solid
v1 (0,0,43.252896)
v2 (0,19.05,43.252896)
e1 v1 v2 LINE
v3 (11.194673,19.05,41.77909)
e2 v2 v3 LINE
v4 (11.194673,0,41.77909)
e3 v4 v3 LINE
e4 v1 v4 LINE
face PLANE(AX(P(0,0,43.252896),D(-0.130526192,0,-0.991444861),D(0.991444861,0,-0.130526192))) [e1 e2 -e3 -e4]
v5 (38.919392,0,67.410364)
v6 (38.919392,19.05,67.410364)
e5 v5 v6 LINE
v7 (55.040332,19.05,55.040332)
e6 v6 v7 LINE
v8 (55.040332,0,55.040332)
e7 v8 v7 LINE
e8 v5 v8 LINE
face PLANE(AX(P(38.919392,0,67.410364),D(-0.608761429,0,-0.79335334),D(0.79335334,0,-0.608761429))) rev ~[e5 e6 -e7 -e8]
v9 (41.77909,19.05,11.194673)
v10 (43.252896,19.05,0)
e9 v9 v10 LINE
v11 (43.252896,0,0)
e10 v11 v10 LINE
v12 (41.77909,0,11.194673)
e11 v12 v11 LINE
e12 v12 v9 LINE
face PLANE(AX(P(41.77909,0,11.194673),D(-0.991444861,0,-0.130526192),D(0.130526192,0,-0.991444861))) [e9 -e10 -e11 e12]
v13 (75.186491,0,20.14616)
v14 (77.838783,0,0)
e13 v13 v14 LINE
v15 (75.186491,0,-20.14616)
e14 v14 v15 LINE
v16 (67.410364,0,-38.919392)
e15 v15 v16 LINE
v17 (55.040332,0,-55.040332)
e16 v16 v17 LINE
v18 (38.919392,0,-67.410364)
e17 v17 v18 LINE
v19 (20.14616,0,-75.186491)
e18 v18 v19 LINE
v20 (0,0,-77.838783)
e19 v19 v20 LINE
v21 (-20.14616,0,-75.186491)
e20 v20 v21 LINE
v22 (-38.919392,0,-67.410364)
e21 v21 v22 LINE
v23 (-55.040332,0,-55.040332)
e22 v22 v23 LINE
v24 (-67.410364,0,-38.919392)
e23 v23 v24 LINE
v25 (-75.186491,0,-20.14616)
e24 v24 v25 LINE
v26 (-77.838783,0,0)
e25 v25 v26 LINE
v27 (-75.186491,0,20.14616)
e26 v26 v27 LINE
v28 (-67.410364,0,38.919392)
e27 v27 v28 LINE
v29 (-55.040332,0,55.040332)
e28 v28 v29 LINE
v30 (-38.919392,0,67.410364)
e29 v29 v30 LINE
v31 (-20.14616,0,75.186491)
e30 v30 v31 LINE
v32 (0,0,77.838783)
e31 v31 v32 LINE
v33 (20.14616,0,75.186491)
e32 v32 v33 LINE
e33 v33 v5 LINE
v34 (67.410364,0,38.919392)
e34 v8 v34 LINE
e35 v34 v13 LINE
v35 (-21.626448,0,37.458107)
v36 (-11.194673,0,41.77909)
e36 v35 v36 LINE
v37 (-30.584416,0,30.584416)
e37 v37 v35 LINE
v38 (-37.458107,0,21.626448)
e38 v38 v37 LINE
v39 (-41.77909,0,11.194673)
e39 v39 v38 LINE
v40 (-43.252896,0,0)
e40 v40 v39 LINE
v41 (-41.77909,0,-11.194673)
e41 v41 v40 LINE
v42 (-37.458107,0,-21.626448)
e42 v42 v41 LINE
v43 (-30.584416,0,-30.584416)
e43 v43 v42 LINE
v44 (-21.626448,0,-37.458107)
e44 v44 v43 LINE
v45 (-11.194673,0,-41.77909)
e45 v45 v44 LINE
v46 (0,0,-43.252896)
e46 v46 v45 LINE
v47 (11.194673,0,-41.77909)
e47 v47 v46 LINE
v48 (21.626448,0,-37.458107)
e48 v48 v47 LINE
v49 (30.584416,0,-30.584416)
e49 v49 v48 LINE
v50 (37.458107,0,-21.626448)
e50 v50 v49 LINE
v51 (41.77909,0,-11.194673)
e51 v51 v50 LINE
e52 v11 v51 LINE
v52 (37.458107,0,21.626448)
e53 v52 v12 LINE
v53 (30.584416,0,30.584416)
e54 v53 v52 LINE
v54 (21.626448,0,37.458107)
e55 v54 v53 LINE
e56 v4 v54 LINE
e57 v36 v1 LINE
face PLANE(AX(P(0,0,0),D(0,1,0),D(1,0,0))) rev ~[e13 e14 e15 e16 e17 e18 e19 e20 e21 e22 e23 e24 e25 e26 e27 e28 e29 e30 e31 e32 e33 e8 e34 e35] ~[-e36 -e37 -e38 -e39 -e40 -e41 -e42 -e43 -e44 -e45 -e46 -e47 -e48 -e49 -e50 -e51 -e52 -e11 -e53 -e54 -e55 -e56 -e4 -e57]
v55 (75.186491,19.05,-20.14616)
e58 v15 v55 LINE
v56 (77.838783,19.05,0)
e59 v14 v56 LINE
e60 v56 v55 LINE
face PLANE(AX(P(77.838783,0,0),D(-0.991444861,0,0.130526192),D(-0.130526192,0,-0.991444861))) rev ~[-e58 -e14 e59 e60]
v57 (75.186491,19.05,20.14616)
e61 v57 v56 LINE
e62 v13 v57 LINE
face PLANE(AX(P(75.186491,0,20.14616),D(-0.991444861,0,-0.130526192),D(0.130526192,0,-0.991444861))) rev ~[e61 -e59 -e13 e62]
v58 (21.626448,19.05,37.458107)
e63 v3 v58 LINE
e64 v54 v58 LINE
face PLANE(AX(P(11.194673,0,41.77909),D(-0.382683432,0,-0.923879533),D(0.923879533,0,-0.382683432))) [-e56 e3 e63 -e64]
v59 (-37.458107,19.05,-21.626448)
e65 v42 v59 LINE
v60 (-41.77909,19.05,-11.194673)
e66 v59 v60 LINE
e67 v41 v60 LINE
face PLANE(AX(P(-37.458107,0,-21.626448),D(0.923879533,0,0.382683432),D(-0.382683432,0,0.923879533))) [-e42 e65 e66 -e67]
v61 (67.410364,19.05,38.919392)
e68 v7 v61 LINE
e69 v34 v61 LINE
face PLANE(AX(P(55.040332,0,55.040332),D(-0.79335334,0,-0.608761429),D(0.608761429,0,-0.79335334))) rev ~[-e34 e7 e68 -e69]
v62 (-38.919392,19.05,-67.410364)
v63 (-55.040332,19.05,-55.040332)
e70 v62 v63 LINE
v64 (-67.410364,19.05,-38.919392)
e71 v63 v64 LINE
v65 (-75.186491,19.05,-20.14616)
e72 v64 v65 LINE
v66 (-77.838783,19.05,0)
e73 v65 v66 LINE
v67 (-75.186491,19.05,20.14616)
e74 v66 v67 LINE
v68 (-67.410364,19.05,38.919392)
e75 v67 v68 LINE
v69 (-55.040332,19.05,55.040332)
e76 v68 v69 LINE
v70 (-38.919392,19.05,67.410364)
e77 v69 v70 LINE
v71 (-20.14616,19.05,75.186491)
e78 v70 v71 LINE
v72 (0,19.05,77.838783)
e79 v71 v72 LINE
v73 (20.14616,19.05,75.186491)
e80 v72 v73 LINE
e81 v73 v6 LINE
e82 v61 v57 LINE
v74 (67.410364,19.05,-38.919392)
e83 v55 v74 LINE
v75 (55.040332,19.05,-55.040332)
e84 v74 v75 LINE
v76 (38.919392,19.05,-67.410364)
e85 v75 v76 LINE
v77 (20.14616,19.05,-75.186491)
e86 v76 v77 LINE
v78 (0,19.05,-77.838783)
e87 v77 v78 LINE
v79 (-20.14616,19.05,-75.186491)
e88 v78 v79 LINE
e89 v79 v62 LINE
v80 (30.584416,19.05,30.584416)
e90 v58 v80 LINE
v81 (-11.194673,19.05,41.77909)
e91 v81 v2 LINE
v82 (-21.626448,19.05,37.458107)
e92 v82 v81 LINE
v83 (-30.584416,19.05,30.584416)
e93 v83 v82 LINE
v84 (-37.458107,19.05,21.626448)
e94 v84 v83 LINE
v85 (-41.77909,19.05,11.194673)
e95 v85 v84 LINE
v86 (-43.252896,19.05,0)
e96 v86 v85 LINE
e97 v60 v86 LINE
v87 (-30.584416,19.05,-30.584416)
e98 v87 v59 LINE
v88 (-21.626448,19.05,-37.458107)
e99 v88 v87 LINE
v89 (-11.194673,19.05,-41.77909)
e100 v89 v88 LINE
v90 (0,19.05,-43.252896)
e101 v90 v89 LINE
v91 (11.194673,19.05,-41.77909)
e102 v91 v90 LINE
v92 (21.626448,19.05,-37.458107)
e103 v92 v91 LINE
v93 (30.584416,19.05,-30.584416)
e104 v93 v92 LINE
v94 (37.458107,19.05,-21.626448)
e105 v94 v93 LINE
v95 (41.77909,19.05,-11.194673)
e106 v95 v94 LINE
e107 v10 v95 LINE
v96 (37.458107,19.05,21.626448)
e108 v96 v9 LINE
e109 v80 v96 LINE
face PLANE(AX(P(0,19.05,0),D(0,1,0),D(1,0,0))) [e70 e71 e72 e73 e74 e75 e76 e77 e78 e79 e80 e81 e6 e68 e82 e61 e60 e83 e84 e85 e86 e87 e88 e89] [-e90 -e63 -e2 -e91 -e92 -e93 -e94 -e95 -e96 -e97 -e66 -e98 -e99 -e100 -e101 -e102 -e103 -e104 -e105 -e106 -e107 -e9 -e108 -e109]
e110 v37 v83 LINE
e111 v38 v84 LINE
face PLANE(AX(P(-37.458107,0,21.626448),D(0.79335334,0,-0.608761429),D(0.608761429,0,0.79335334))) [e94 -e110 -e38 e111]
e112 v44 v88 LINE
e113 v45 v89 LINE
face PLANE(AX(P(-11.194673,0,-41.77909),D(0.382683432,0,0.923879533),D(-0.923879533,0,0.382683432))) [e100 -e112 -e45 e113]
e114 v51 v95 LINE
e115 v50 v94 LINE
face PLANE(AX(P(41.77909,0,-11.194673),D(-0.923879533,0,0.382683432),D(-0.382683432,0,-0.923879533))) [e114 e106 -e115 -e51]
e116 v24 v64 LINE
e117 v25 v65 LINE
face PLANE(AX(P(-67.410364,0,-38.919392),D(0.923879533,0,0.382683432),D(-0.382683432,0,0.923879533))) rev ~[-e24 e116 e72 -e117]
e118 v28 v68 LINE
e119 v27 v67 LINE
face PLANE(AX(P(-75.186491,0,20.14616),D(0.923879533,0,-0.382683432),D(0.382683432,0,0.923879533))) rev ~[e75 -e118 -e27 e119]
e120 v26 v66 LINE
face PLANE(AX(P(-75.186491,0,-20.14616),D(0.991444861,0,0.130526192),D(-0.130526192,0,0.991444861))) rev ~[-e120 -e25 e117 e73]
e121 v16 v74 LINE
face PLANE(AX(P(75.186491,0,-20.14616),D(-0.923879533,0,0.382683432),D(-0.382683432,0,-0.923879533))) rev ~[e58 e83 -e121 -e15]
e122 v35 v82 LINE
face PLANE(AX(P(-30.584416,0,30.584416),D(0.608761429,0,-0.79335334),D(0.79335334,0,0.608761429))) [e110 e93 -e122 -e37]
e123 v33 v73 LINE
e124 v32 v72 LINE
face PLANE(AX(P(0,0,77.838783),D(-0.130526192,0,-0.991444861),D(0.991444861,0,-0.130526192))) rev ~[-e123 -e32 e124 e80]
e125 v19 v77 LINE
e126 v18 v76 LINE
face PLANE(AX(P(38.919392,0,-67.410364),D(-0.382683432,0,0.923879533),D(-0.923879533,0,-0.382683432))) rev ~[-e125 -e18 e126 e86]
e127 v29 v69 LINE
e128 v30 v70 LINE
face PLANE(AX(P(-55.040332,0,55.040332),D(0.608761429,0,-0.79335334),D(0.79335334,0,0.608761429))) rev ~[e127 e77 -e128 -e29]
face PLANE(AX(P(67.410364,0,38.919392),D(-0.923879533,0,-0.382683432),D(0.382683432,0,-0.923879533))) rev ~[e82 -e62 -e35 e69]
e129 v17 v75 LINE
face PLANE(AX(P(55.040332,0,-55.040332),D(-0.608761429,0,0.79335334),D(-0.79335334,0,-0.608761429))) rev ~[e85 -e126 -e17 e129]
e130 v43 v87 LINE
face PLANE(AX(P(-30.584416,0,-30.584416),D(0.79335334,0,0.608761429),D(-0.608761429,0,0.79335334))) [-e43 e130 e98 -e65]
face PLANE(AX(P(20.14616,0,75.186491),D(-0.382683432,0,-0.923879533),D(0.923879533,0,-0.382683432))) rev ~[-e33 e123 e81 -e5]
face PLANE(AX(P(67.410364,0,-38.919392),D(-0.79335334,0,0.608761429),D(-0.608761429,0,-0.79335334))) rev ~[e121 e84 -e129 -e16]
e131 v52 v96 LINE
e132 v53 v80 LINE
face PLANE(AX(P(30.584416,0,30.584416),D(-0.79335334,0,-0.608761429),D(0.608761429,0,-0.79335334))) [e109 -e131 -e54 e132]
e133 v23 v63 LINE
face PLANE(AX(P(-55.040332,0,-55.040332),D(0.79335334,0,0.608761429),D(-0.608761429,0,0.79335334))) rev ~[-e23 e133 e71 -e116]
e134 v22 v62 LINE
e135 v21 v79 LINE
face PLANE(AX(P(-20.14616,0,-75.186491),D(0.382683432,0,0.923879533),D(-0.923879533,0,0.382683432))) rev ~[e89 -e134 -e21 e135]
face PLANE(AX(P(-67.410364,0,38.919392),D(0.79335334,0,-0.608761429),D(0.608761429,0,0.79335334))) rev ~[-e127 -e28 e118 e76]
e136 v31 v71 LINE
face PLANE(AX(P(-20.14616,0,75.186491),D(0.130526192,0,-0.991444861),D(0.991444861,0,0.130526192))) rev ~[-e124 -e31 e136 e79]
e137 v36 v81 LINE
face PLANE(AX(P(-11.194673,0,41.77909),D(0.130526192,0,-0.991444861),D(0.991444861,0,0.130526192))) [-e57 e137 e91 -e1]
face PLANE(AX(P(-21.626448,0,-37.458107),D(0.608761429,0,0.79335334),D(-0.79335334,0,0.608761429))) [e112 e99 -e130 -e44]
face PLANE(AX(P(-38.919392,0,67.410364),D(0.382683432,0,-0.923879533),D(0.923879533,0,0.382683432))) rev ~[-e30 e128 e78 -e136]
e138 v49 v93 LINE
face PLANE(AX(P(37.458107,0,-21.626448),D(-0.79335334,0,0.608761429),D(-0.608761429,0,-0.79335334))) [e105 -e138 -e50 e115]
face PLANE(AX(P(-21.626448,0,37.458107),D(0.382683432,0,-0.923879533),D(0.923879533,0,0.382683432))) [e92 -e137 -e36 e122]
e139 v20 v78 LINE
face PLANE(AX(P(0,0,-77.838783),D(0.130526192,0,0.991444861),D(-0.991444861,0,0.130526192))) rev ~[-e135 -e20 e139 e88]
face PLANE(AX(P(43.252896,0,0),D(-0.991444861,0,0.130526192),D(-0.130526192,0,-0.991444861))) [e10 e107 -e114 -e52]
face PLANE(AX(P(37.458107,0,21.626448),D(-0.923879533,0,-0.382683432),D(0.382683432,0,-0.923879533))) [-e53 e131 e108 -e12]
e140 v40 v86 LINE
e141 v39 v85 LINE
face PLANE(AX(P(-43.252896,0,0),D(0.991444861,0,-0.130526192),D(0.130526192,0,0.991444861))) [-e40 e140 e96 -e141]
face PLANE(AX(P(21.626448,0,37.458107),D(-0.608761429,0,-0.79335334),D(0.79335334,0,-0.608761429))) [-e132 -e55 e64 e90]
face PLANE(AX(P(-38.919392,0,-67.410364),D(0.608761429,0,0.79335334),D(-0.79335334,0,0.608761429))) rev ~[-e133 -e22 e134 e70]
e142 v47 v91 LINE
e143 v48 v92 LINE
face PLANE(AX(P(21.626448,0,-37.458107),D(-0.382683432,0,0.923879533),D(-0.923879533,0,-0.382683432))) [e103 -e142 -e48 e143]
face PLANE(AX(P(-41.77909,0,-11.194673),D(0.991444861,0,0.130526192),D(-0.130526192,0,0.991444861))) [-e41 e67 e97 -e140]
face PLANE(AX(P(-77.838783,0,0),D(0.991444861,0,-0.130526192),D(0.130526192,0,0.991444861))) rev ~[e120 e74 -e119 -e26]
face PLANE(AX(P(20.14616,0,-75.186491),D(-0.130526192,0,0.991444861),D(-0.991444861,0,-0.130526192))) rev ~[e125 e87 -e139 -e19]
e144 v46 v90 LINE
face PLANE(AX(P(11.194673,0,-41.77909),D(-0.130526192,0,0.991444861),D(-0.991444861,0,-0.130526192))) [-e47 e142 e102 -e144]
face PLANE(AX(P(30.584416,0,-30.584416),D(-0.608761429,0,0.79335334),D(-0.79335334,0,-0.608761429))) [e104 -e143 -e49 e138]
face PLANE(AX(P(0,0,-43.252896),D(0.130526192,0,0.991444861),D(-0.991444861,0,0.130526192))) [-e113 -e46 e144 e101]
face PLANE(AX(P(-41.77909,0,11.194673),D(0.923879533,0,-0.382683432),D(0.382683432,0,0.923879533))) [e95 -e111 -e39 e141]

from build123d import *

# Parameters (mm, degrees)
BOSS_EXTRUDE3_DEPTH = 19.05


with BuildPart() as part:
    # Sketch3 → Boss-Extrude3 (new body)
    with BuildSketch(Plane(origin=(0, 0, 0), x_dir=(1, 0, 0), z_dir=(0, 1, 0))):
        Polygon((-77.838783367, 0), (-75.186491142, -20.146159583), (-67.410363796, -38.919391684), (-55.040331558, -55.040331558), (-38.919391684, -67.410363796), (-20.146159583, -75.186491142), (0, -77.838783367), (20.146159583, -75.186491142), (38.919391684, -67.410363796), (55.040331558, -55.040331558), (67.410363796, -38.919391684), (75.186491142, -20.146159583), (77.838783367, 0), (75.186491142, 20.146159583), (67.410363796, 38.919391684), (55.040331558, 55.040331558), (38.919391684, 67.410363796), (20.146159583, 75.186491142), (0, 77.838783367), (-20.146159583, 75.186491142), (-38.919391684, 67.410363796), (-55.040331558, 55.040331558), (-67.410363796, 38.919391684), (-75.186491142, 20.146159583), align=None)
        Polygon((-43.252896309, 0), (-41.779089607, -11.194673321), (-37.458106991, -21.626448155), (-30.584416286, -30.584416286), (-21.626448155, -37.458106991), (-11.194673321, -41.779089607), (0, -43.252896309), (11.194673321, -41.779089607), (21.626448155, -37.458106991), (30.584416286, -30.584416286), (37.458106991, -21.626448155), (41.779089607, -11.194673321), (43.252896309, 0), (41.779089607, 11.194673321), (37.458106991, 21.626448155), (30.584416286, 30.584416286), (21.626448155, 37.458106991), (11.194673321, 41.779089607), (0, 43.252896309), (-11.194673321, 41.779089607), (-21.626448155, 37.458106991), (-30.584416286, 30.584416286), (-37.458106991, 21.626448155), (-41.779089607, 11.194673321), align=None, mode=Mode.SUBTRACT)
    extrude(amount=BOSS_EXTRUDE3_DEPTH)


solid = part.part
